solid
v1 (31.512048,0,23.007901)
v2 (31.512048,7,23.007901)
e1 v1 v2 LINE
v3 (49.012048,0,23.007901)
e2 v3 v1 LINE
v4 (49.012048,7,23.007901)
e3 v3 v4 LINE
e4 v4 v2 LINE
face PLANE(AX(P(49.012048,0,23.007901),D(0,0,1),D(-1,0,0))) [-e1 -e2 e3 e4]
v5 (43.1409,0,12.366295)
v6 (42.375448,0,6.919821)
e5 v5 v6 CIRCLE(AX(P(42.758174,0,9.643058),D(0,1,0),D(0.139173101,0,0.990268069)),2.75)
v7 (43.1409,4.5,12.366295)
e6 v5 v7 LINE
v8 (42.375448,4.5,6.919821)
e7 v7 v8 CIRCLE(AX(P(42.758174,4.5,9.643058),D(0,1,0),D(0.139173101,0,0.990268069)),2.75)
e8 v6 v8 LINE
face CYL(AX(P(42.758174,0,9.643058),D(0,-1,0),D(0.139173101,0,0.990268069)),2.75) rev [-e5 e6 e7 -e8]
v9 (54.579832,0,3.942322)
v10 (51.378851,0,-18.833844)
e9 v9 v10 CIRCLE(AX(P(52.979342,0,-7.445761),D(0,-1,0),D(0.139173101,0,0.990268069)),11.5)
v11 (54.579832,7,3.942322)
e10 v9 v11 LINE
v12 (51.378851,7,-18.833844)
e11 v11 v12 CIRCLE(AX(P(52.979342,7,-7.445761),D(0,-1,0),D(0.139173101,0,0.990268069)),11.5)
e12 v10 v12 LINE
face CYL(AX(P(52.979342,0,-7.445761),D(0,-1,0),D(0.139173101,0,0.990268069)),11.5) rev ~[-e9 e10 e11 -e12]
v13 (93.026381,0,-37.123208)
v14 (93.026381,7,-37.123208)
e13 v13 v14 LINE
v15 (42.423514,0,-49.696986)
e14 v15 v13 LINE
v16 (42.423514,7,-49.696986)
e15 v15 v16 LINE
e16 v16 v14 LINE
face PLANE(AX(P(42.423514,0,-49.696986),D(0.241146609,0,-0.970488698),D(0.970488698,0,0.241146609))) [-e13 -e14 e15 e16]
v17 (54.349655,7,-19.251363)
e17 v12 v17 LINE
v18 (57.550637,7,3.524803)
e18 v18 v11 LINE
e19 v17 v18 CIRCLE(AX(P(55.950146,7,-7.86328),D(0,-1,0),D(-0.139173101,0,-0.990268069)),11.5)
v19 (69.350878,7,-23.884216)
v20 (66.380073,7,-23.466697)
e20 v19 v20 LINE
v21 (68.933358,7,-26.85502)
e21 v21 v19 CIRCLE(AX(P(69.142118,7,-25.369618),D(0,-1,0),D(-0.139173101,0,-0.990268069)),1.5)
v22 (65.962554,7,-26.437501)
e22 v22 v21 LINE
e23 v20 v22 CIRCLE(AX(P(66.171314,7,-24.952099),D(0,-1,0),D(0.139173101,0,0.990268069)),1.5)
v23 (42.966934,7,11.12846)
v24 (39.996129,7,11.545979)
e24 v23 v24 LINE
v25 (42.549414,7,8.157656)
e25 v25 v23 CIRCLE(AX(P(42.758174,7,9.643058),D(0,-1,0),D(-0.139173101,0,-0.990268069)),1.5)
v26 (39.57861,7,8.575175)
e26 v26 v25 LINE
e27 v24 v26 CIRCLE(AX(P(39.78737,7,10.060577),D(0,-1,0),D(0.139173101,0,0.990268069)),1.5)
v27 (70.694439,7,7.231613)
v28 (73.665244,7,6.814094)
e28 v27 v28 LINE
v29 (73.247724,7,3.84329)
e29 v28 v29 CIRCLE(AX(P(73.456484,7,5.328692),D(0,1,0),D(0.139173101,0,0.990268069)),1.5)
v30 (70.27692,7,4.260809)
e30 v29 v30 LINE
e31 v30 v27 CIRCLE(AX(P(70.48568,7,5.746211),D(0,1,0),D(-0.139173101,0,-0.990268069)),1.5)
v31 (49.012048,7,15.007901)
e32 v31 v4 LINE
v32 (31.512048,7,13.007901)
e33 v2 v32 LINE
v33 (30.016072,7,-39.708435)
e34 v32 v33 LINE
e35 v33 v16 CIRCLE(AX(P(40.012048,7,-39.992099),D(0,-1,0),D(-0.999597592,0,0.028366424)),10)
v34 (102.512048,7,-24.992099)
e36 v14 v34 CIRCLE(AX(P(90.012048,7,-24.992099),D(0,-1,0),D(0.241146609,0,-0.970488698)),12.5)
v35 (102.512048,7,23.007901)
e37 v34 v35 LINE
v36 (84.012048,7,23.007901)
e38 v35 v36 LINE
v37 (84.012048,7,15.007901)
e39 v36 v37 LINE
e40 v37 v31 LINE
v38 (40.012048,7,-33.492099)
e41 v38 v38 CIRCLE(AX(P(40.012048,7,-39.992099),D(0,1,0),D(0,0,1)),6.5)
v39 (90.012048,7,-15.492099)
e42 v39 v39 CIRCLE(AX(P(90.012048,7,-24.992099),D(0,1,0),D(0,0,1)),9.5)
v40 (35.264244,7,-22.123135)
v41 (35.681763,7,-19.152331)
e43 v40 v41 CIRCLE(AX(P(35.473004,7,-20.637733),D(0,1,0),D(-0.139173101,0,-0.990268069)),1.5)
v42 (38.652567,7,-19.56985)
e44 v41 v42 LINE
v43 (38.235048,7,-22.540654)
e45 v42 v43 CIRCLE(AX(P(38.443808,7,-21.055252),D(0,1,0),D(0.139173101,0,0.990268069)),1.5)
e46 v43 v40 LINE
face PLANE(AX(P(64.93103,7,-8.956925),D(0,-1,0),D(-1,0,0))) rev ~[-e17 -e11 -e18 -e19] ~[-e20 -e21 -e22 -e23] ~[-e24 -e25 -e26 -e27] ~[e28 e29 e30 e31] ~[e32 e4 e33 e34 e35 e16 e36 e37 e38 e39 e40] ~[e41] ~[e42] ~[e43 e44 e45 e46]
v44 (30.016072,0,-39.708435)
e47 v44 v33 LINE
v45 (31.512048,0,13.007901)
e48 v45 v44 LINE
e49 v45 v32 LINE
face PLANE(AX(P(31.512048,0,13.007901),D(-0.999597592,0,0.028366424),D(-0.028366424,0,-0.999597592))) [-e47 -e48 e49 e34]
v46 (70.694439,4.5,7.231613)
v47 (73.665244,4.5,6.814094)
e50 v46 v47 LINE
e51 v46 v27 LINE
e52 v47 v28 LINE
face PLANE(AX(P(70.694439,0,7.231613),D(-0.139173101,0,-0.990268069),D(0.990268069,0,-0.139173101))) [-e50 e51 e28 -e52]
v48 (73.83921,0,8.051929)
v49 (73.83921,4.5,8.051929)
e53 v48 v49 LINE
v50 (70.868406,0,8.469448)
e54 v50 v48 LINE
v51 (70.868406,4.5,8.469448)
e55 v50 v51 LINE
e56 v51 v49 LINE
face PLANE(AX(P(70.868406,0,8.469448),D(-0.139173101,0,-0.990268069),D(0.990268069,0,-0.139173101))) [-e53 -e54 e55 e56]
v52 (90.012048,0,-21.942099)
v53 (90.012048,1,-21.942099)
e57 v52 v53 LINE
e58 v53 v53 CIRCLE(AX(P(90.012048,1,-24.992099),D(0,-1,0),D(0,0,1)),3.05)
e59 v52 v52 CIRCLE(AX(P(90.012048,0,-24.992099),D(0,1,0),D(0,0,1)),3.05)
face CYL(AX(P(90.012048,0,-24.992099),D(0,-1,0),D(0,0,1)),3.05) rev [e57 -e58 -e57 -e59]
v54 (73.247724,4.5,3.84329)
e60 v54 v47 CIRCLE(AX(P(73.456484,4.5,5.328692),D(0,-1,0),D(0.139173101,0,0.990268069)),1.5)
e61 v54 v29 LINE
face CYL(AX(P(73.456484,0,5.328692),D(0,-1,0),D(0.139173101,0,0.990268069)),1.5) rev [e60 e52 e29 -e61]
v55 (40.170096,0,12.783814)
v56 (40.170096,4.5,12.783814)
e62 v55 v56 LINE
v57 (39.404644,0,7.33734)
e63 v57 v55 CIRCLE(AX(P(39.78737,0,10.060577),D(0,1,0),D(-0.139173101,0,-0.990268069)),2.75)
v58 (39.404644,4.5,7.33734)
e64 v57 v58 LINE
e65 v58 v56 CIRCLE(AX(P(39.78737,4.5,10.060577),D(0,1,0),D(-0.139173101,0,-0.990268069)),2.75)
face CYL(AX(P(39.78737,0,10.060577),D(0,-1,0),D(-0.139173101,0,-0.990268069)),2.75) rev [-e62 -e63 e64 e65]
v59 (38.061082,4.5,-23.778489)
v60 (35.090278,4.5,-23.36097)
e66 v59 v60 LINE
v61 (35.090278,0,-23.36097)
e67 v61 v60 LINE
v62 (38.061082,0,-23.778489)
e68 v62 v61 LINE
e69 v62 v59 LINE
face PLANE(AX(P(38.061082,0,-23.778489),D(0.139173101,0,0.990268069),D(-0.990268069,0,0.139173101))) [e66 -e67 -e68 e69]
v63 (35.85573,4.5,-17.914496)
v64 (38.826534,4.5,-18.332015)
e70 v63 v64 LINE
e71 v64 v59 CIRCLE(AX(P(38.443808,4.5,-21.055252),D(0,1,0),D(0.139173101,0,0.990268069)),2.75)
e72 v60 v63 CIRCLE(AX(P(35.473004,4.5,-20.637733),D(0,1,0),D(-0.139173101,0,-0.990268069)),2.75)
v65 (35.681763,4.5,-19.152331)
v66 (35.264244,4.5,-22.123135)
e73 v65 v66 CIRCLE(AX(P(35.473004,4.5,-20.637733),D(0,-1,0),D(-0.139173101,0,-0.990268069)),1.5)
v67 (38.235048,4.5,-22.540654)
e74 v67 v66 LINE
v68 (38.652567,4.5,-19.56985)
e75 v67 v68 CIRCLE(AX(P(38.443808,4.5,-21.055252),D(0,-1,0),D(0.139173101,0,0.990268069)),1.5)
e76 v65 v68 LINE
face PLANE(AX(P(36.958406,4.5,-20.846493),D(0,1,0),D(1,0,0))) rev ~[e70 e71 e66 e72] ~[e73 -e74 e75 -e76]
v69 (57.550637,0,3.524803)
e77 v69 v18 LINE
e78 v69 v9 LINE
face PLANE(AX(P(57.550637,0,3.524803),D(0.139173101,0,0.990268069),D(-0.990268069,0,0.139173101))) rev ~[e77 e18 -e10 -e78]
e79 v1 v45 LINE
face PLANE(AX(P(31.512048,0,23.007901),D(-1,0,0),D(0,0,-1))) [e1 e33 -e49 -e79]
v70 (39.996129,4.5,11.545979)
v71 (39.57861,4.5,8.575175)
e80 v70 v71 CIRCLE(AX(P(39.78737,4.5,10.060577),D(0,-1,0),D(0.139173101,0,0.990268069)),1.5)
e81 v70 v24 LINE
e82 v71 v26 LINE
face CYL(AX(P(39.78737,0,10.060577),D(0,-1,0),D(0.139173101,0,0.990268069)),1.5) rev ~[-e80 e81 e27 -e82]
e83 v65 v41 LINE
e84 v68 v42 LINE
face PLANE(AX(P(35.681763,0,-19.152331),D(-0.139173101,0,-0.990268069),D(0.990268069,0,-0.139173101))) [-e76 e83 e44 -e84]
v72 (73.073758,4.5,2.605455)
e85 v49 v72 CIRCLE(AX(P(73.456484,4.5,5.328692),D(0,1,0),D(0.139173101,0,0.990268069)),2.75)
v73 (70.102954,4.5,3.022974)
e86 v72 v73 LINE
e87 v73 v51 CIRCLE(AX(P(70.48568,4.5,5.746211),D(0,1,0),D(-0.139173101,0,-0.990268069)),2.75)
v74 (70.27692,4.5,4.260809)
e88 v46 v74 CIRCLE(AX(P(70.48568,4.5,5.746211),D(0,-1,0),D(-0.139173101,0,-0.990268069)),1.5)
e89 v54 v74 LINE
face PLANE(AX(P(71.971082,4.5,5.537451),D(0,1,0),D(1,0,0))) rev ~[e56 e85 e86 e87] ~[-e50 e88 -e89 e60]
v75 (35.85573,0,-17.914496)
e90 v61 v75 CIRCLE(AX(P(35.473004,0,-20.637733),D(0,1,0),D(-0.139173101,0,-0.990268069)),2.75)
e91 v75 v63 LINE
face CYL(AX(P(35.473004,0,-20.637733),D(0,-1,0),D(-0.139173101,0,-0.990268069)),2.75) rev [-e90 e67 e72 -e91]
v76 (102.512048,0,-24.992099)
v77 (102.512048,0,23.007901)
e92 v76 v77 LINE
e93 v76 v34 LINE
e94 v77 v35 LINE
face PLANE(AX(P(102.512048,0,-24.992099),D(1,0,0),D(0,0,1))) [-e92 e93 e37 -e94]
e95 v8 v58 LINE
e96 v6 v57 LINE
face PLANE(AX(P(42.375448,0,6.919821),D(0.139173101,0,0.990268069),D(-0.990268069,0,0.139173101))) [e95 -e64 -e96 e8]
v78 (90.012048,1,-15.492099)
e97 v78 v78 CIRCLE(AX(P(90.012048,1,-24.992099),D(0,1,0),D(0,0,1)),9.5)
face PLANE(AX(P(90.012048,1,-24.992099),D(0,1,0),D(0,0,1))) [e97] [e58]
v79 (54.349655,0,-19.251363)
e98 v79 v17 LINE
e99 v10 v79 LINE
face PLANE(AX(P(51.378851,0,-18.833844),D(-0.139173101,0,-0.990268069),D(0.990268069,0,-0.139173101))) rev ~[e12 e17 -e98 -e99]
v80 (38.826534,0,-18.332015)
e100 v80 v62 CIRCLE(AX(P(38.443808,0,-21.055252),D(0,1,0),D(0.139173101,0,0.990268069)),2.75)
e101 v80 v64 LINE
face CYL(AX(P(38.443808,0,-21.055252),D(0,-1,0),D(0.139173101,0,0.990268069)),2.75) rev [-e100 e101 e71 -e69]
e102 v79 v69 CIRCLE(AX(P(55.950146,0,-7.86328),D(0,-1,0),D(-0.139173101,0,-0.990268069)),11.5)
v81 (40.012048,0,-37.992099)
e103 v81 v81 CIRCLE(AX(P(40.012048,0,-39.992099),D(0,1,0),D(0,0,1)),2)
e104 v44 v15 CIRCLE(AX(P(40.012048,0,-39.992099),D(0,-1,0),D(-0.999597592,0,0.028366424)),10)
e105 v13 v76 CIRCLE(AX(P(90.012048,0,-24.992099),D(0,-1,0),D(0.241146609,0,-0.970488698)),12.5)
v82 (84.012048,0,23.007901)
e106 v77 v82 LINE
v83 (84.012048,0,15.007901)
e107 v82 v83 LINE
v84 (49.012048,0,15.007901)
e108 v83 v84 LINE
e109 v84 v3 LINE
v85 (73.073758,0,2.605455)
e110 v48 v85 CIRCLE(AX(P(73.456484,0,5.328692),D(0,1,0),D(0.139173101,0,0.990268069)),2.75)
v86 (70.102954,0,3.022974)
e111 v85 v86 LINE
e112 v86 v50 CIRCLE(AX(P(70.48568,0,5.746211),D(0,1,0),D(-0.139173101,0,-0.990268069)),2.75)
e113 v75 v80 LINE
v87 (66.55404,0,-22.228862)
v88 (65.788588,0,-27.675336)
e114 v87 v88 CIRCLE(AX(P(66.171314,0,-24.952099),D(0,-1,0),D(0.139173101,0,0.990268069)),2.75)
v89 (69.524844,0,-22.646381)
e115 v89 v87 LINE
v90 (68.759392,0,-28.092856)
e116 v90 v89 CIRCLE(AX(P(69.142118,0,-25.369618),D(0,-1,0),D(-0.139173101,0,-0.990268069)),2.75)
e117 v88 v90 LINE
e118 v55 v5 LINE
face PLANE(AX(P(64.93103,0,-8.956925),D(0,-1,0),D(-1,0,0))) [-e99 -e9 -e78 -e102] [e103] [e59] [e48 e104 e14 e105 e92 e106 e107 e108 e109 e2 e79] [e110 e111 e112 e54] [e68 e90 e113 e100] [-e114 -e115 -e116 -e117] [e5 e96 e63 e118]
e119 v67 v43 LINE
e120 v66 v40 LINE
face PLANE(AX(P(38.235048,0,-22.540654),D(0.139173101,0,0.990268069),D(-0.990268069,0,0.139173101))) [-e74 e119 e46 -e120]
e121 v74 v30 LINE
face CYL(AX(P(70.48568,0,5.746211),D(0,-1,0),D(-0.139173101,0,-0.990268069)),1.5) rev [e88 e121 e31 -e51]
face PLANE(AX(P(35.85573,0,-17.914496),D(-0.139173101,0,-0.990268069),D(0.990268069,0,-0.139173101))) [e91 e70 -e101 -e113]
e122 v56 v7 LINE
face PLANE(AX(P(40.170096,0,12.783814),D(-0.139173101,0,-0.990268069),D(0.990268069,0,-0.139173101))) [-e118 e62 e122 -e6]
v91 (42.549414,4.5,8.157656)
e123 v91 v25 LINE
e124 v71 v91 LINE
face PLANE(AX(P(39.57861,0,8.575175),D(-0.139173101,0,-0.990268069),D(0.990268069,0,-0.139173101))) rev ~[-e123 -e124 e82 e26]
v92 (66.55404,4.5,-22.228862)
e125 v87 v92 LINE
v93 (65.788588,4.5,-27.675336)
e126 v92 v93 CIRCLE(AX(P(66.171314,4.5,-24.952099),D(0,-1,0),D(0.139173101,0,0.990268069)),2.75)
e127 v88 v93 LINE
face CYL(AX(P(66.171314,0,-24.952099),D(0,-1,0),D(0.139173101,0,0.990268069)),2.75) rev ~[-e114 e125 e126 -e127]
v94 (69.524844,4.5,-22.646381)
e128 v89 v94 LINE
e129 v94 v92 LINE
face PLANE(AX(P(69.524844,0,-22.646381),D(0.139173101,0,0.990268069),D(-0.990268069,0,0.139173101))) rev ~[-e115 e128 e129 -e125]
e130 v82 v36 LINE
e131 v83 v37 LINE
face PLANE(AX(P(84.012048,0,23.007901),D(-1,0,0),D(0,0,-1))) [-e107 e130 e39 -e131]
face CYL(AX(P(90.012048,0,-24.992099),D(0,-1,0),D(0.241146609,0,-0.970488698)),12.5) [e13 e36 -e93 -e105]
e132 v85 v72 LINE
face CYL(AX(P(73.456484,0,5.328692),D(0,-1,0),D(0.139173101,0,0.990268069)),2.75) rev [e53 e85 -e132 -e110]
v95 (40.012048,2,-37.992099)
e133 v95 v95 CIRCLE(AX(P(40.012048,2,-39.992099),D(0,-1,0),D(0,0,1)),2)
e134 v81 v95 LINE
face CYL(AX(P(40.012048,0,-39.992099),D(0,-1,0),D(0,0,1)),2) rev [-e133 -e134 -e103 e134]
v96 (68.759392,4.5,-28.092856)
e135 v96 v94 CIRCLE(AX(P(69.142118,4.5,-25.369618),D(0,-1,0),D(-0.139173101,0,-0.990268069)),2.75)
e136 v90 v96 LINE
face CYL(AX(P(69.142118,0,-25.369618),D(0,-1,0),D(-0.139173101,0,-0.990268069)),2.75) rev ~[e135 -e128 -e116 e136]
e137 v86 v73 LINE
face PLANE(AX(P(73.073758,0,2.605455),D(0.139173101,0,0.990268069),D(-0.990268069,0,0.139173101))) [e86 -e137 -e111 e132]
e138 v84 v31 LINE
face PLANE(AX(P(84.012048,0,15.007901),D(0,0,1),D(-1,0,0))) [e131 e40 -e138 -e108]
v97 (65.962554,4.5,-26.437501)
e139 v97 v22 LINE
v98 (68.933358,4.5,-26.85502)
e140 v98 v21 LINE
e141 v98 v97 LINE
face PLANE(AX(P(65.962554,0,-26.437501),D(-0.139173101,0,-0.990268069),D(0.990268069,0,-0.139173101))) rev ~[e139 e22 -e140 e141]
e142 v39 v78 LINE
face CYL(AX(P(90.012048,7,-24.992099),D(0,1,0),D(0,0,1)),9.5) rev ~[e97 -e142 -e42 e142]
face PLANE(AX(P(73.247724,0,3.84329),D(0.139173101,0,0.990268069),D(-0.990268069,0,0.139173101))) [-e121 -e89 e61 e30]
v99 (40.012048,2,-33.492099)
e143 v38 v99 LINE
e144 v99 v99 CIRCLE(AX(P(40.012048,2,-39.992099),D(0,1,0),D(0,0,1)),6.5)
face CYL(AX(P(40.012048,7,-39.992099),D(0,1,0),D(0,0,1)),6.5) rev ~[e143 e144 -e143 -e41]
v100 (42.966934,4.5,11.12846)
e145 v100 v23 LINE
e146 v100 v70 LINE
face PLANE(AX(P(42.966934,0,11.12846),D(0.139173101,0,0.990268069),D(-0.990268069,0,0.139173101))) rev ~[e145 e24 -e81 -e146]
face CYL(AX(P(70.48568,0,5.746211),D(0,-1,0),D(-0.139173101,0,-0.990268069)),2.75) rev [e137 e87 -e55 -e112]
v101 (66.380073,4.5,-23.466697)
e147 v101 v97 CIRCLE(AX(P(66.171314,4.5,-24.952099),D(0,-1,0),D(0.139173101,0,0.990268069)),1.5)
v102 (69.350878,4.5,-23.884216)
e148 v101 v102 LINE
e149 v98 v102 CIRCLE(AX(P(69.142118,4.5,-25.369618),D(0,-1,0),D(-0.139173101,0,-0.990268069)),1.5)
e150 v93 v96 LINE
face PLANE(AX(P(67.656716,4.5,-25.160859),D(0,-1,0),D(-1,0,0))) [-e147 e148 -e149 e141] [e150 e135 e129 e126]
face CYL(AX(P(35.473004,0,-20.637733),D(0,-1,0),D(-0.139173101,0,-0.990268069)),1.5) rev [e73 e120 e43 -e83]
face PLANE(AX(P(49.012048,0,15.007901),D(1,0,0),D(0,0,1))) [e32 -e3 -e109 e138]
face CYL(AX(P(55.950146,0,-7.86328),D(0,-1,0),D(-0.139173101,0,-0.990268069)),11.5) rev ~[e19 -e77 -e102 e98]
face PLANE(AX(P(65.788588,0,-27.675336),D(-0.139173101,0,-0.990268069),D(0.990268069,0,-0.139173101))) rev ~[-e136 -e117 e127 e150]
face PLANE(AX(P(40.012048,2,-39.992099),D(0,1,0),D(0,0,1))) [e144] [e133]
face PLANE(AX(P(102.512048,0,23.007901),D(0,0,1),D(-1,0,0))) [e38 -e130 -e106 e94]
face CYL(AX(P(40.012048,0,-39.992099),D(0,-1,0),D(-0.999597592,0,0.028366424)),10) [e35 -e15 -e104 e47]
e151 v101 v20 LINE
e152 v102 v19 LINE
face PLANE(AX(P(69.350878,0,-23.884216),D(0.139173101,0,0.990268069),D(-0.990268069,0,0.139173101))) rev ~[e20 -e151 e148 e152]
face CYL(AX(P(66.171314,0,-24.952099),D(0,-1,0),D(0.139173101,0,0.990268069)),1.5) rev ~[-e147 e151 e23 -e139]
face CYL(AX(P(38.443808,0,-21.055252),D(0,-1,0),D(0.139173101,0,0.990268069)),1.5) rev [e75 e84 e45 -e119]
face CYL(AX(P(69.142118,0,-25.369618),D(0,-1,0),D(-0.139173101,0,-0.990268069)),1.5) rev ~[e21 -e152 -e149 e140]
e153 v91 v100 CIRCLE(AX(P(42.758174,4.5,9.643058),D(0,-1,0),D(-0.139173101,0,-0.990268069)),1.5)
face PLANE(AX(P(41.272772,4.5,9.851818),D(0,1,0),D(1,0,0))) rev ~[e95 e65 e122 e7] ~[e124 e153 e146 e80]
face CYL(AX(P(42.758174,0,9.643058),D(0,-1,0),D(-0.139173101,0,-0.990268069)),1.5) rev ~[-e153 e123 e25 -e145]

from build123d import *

# Parameters (mm, degrees)
SKETCH2_R           = 3.05
SKETCH2_R_2         = 2
BOSS_EXTRUDE1_DEPTH = 7
CUT_EXTRUDE1_START  = 7
SKETCH2_4_R         = 9.5
CUT_EXTRUDE1_DEPTH  = 6
CUT_EXTRUDE2_START  = 7
SKETCH2_5_R         = 6.5
CUT_EXTRUDE2_DEPTH  = 5
CUT_EXTRUDE3_DEPTH  = 4.5


with BuildPart() as part:
    # Sketch2 → Boss-Extrude1 (new body)
    with BuildSketch(Plane(origin=(0, 0, 0), x_dir=(1, 0, 0), z_dir=(0, 1, 0))):
        with BuildLine():
            Line((102.512048312, 24.992099408), (102.512048312, -23.007900592))
            Line((102.512048312, -23.007900592), (84.012048312, -23.007900592))
            Line((84.012048312, -23.007900592), (84.012048312, -15.007900592))
            Line((84.012048312, -15.007900592), (49.012048312, -15.007900592))
            Line((49.012048312, -15.007900592), (49.012048312, -23.007900592))
            Line((49.012048312, -23.007900592), (31.512048312, -23.007900592))
            Line((31.512048312, -23.007900592), (31.512048312, -13.007900592))
            Line((31.512048312, -13.007900592), (30.016072392, 39.708435169))
            ThreePointArc((30.016072392, 39.708435169), (33.741164308, 47.78158038), (42.423514406, 49.696986387))
            Line((42.423514406, 49.696986387), (93.026380929, 37.123208132))
            ThreePointArc((93.026380929, 37.123208132), (99.859107713, 32.691802074), (102.512048312, 24.992099408))
        make_face()
        with Locations(Location((90.012048312, 24.992099408, 0), (0, 0, 270))):
            Circle(SKETCH2_R, mode=Mode.SUBTRACT)
        with Locations(Location((40.012048312, 39.992099408, 0), (0, 0, 270))):
            Circle(SKETCH2_R_2, mode=Mode.SUBTRACT)
        with BuildLine():
            Line((51.378851017, 18.833843692), (54.349655223, 19.251362995))
            ThreePointArc((54.349655223, 19.251362995), (67.338228674, 9.463770865), (57.550636545, -3.524802586))
            Line((57.550636545, -3.524802586), (54.579832339, -3.942321889))
            ThreePointArc((54.579832339, -3.942321889), (41.591258887, 5.84527024), (51.378851017, 18.833843692))
        make_face(mode=Mode.SUBTRACT)
        with BuildLine():
            Line((65.962554027, 26.437501135), (68.933358233, 26.855020438))
            ThreePointArc((68.933358233, 26.855020438), (70.627519988, 25.578377986), (69.350877536, 23.884216232))
            Line((69.350877536, 23.884216232), (66.38007333, 23.466696929))
            ThreePointArc((66.38007333, 23.466696929), (64.685911575, 24.74333938), (65.962554027, 26.437501135))
        make_face(mode=Mode.SUBTRACT)
        with BuildLine():
            Line((70.694439459, -7.231613202), (73.665243666, -6.814093899))
            ThreePointArc((73.665243666, -6.814093899), (74.941886117, -5.119932145), (73.247724363, -3.843289693))
            Line((73.247724363, -3.843289693), (70.276920157, -4.260808996))
            ThreePointArc((70.276920157, -4.260808996), (69.000277705, -5.954970751), (70.694439459, -7.231613202))
        make_face(mode=Mode.SUBTRACT)
        with BuildLine():
            Line((42.966933535, -11.128460029), (39.996129329, -11.545979332))
            ThreePointArc((39.996129329, -11.545979332), (38.301967574, -10.26933688), (39.578610026, -8.575175126))
            Line((39.578610026, -8.575175126), (42.549414232, -8.157655823))
            ThreePointArc((42.549414232, -8.157655823), (44.243575986, -9.434298275), (42.966933535, -11.128460029))
        make_face(mode=Mode.SUBTRACT)
        with BuildLine():
            Line((38.235048102, 22.540654308), (35.264243896, 22.123135005))
            ThreePointArc((35.264243896, 22.123135005), (33.987601444, 20.428973251), (35.681763199, 19.152330799))
            Line((35.681763199, 19.152330799), (38.652567405, 19.569850102))
            ThreePointArc((38.652567405, 19.569850102), (39.929209857, 21.264011856), (38.235048102, 22.540654308))
        make_face(mode=Mode.SUBTRACT)
    extrude(amount=BOSS_EXTRUDE1_DEPTH)

    # Sketch2<4> → Cut-Extrude1 (cut)
    with BuildSketch(Plane(origin=(0, 0, 0), x_dir=(1, 0, 0), z_dir=(0, 1, 0)).offset(CUT_EXTRUDE1_START)):
        with Locations(Location((90.012048312, 24.992099408, 0), (0, 0, 270))):
            Circle(SKETCH2_4_R)
    extrude(amount=-CUT_EXTRUDE1_DEPTH, mode=Mode.SUBTRACT)

    # Sketch2<5> → Cut-Extrude2 (cut)
    with BuildSketch(Plane(origin=(0, 0, 0), x_dir=(1, 0, 0), z_dir=(0, 1, 0)).offset(CUT_EXTRUDE2_START)):
        with Locations(Location((40.012048312, 39.992099408, 0), (0, 0, 270))):
            Circle(SKETCH2_5_R)
    extrude(amount=-CUT_EXTRUDE2_DEPTH, mode=Mode.SUBTRACT)

    # Sketch2<6> → Cut-Extrude3 (cut)
    with BuildSketch(Plane(origin=(0, 0, 0), x_dir=(1, 0, 0), z_dir=(0, 1, 0))):
        with BuildLine():
            Line((65.788587651, 27.675336221), (68.759391857, 28.092855524))
            ThreePointArc((68.759391857, 28.092855524), (71.865355074, 25.752344362), (69.524843912, 22.646381146))
            Line((69.524843912, 22.646381146), (66.554039706, 22.228861843))
            ThreePointArc((66.554039706, 22.228861843), (63.448076489, 24.569373004), (65.788587651, 27.675336221))
        make_face()
        with BuildLine():
            Line((70.868405836, -8.469448288), (73.839210042, -8.051928985))
            ThreePointArc((73.839210042, -8.051928985), (76.179721203, -4.945965769), (73.073757987, -2.605454607))
            Line((73.073757987, -2.605454607), (70.10295378, -3.02297391))
            ThreePointArc((70.10295378, -3.02297391), (67.762442619, -6.128937127), (70.868405836, -8.469448288))
        make_face()
        with BuildLine():
            Line((38.061081726, 23.778489394), (35.09027752, 23.360970091))
            ThreePointArc((35.09027752, 23.360970091), (32.749766358, 20.255006874), (35.855729575, 17.914495713))
            Line((35.855729575, 17.914495713), (38.826533781, 18.332015016))
            ThreePointArc((38.826533781, 18.332015016), (41.167044943, 21.437978232), (38.061081726, 23.778489394))
        make_face()
        with BuildLine():
            Line((42.375447856, -6.919820737), (39.404643649, -7.33734004))
            ThreePointArc((39.404643649, -7.33734004), (37.064132488, -10.443303257), (40.170095705, -12.783814418))
            Line((40.170095705, -12.783814418), (43.140899911, -12.366295115))
            ThreePointArc((43.140899911, -12.366295115), (45.481411072, -9.260331898), (42.375447856, -6.919820737))
        make_face()
    extrude(amount=CUT_EXTRUDE3_DEPTH, mode=Mode.SUBTRACT)


solid = part.part
